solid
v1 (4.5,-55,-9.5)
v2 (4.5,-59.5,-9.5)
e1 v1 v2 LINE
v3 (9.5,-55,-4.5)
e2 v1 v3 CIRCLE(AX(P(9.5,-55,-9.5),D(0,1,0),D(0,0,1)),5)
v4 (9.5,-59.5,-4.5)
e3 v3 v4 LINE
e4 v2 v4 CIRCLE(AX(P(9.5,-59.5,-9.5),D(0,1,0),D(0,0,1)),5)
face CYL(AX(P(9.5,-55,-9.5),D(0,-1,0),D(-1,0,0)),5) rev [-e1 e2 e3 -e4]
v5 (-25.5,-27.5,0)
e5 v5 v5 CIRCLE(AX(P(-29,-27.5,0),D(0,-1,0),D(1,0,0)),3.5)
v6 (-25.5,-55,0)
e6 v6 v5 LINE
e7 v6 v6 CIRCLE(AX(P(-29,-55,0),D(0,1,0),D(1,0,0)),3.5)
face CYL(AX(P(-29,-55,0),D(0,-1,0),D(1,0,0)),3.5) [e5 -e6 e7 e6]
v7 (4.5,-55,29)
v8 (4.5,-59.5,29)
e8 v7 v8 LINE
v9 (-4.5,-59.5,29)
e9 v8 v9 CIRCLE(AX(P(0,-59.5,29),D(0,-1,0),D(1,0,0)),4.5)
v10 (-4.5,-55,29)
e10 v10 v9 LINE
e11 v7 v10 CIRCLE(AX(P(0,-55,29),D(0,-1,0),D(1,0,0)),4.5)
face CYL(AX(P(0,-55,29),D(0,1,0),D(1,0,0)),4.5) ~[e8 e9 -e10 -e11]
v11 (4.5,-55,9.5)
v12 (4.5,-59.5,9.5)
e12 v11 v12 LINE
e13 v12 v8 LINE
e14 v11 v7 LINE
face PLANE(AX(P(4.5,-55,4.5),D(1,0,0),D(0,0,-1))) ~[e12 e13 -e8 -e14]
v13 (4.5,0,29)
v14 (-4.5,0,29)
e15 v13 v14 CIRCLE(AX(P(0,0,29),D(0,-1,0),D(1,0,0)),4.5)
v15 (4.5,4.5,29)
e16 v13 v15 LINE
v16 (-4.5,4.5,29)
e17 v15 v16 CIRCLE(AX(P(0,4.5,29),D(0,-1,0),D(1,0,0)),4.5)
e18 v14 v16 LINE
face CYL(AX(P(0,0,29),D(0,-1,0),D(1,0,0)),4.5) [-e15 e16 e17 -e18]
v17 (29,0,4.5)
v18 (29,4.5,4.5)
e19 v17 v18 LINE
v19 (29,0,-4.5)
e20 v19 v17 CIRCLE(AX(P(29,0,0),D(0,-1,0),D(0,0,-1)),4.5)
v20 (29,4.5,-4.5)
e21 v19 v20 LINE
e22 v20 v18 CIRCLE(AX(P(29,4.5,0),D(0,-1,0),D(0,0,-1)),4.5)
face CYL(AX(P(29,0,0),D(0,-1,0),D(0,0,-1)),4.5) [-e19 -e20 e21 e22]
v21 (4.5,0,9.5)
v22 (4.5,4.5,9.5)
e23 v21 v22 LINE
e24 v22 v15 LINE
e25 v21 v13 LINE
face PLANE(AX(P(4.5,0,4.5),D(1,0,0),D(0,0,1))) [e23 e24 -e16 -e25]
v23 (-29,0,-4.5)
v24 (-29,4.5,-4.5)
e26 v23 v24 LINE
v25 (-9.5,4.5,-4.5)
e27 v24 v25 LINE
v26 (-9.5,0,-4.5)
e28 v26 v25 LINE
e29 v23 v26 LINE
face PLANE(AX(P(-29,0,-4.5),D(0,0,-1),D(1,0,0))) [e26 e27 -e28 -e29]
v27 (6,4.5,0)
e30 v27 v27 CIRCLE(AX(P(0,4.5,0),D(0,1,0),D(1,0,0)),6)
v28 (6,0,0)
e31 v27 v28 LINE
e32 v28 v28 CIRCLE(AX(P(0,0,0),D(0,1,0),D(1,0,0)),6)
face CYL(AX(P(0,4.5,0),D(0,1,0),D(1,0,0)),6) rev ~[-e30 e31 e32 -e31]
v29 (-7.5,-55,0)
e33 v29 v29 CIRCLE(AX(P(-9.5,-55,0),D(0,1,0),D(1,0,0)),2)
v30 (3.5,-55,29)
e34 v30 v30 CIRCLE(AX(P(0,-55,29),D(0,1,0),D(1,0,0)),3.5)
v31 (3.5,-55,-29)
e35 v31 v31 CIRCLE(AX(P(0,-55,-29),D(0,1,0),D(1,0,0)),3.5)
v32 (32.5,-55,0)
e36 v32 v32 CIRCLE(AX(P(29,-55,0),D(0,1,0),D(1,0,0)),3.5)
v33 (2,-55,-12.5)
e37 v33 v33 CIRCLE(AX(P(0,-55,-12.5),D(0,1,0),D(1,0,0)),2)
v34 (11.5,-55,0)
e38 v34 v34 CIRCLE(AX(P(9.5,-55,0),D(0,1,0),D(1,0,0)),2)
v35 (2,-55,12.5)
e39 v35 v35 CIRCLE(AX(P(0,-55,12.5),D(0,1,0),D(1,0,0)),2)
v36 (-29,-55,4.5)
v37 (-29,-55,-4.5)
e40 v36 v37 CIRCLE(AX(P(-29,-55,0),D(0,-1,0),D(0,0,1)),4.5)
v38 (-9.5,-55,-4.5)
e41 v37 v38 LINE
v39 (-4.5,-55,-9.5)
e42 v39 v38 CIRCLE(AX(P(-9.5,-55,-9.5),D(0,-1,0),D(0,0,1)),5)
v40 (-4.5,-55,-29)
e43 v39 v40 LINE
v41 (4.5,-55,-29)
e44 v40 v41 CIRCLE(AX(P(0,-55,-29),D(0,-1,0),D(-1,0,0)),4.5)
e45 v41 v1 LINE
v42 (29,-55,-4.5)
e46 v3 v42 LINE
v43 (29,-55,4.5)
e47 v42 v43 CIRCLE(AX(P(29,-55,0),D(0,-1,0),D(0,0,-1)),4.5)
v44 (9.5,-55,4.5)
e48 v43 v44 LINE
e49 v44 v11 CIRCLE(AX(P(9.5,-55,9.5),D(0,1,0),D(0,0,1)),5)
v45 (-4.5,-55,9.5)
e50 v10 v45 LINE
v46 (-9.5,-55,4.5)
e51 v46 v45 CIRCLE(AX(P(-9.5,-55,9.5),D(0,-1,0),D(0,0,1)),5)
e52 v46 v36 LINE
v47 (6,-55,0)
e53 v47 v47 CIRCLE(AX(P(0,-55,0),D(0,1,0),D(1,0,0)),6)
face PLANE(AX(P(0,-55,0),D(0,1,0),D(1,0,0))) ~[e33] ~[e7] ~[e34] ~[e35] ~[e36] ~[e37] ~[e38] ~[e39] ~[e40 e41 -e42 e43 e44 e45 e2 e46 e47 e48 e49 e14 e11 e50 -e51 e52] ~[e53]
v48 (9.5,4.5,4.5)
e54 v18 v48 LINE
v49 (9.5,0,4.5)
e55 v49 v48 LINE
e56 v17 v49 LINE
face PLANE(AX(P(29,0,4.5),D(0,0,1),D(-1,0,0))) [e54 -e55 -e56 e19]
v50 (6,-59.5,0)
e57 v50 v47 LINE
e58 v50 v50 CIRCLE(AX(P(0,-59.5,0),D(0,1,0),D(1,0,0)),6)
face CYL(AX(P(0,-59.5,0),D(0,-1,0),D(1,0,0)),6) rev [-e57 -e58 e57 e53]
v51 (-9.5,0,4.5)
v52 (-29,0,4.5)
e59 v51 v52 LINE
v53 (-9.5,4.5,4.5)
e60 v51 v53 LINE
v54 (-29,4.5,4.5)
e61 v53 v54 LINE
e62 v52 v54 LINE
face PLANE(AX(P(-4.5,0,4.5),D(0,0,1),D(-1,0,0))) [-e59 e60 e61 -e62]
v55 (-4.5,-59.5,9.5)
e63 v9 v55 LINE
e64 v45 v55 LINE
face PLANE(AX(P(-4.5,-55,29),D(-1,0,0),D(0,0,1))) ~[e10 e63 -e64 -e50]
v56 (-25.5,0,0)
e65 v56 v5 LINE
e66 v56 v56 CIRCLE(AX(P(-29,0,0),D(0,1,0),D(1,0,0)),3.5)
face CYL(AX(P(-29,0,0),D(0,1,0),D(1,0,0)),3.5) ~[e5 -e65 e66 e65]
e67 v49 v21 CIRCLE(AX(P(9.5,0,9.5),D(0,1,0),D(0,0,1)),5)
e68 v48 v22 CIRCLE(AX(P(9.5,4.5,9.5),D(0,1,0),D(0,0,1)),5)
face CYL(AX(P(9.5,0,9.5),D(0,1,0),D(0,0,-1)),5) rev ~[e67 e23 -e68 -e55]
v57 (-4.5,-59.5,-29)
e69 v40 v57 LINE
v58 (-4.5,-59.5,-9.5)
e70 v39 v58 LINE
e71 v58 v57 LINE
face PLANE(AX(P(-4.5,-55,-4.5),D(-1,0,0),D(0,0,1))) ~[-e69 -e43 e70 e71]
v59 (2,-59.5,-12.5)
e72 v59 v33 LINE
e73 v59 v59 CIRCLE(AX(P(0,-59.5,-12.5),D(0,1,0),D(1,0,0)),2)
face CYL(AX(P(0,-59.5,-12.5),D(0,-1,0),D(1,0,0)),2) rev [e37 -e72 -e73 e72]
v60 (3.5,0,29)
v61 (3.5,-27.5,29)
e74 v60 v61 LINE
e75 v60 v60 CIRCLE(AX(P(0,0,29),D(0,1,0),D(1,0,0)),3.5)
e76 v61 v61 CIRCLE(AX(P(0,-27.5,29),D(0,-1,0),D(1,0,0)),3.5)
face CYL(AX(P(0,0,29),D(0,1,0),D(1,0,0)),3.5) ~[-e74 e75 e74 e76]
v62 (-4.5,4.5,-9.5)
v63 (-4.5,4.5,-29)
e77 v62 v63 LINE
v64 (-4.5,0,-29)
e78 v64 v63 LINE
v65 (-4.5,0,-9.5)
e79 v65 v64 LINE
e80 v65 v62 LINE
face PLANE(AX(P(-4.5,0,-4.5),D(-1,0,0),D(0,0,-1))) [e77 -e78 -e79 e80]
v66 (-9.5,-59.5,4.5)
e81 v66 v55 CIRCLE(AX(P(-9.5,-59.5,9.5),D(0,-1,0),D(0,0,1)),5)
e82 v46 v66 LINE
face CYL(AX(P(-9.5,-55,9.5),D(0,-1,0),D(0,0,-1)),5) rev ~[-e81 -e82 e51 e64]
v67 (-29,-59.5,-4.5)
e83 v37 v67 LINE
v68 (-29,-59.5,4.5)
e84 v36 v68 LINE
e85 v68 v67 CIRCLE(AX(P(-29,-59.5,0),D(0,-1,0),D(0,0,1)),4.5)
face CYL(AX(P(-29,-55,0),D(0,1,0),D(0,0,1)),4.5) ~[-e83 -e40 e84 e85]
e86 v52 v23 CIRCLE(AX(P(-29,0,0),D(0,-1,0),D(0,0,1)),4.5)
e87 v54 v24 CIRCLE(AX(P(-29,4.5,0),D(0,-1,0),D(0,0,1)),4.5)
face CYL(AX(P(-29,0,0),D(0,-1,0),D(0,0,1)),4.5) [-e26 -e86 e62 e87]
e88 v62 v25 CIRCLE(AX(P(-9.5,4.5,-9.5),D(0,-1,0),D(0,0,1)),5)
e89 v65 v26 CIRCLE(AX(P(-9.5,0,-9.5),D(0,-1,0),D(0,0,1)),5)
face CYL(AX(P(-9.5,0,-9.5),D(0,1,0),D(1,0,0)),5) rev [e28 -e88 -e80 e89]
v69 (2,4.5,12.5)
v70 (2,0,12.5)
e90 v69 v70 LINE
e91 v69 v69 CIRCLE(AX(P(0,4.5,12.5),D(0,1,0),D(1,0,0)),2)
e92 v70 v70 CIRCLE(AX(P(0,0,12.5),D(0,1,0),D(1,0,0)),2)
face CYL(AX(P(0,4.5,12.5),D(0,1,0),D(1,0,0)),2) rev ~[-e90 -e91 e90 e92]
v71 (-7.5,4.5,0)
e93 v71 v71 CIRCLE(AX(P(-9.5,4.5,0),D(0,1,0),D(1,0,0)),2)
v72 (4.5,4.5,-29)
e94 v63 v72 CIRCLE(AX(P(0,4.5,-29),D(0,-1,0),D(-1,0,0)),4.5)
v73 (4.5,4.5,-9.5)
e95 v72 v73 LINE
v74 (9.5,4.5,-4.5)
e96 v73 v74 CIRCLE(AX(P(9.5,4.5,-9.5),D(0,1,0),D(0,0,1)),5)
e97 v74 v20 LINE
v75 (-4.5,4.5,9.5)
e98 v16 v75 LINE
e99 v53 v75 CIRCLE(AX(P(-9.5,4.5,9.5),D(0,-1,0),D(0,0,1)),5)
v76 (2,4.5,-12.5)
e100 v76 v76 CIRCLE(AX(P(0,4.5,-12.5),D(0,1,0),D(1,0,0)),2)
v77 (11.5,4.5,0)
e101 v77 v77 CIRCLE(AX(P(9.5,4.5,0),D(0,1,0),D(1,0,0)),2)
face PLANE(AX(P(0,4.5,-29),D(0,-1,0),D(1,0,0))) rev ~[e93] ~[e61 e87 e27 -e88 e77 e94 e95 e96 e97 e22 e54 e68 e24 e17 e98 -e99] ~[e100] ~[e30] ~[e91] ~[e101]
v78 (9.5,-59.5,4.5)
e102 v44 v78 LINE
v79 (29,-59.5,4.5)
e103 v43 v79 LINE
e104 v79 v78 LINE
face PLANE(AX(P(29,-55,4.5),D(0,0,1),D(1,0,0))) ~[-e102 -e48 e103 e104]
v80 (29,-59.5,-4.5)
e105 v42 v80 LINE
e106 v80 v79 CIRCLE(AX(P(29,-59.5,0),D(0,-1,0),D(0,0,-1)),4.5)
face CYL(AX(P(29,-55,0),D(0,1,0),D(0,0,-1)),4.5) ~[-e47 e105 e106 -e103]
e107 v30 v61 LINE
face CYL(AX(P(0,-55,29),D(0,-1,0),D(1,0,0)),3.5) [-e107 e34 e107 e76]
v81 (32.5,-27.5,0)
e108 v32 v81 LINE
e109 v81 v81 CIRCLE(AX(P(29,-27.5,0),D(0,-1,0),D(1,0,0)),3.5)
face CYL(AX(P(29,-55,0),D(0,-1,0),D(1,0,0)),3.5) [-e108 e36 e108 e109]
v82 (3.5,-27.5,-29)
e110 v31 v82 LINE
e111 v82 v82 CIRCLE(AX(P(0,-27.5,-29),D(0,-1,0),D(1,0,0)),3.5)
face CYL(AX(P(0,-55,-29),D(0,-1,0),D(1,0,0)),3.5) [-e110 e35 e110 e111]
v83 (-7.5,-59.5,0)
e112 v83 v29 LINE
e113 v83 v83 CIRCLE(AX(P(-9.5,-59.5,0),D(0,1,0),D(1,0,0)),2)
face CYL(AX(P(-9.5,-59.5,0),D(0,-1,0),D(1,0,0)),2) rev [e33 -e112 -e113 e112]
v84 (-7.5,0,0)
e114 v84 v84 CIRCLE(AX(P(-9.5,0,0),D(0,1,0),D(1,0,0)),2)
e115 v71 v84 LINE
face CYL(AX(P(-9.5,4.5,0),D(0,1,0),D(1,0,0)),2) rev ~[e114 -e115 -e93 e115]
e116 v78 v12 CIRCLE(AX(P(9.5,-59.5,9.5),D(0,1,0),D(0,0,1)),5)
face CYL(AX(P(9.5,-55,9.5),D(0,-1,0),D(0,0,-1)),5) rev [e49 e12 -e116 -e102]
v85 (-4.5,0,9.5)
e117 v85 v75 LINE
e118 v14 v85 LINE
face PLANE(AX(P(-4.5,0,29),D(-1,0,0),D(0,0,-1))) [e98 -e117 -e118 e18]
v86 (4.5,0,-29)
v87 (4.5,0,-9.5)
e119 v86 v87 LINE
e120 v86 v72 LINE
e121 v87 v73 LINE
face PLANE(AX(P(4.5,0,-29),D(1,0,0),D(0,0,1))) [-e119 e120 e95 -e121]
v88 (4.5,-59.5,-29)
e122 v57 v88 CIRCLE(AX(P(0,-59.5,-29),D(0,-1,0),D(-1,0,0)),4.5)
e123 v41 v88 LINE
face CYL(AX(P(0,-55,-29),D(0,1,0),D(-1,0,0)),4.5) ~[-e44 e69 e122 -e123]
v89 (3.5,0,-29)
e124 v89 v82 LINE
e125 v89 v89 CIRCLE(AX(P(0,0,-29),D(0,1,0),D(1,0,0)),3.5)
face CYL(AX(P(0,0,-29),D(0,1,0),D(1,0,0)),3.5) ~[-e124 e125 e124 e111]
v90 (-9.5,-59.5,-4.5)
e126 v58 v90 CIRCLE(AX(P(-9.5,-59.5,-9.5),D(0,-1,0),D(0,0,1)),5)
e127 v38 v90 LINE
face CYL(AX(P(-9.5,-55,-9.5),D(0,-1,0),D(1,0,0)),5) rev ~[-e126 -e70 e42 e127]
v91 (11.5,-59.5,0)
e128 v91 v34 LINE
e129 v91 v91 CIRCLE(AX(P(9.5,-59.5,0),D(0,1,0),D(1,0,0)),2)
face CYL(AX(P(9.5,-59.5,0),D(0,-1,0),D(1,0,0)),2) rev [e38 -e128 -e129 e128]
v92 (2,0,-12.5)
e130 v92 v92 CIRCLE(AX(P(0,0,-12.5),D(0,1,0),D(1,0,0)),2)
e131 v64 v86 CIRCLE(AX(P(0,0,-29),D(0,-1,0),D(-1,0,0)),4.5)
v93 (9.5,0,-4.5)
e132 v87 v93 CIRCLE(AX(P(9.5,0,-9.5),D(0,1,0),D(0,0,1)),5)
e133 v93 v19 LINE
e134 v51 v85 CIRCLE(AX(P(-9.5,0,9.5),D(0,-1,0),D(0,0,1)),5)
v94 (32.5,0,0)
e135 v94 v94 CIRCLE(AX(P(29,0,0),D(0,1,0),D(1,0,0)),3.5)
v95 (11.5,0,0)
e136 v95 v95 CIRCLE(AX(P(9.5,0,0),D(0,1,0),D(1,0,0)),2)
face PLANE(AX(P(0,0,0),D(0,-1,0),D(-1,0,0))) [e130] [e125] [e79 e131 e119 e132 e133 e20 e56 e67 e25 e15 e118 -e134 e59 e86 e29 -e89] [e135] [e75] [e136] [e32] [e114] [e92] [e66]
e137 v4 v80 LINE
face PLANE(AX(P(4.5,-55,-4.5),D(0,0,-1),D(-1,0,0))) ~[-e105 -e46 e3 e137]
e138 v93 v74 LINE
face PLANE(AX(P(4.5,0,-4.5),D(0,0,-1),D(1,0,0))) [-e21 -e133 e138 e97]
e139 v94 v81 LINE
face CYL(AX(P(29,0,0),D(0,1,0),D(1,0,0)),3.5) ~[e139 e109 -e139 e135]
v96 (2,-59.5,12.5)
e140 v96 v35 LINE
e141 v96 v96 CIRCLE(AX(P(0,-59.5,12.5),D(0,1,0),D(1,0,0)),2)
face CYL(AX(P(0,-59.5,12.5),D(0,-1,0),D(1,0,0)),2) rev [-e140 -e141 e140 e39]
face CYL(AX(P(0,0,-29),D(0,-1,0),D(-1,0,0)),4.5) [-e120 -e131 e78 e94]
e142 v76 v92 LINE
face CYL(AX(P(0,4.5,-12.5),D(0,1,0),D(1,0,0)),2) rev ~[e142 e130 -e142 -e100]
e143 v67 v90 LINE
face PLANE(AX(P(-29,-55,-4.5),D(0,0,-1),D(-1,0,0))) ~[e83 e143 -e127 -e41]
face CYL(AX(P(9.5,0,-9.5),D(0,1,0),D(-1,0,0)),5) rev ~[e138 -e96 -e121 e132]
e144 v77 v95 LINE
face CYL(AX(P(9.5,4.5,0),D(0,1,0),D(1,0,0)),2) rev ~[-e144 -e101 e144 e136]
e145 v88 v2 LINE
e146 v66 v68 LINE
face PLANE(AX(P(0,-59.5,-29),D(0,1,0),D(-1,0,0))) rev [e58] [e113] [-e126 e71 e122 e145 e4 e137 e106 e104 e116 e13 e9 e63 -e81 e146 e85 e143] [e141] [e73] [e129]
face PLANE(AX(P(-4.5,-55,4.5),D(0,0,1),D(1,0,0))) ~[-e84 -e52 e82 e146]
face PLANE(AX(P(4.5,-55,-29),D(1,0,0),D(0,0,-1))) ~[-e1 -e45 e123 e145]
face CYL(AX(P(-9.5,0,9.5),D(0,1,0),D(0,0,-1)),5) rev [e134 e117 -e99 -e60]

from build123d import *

# Parameters (mm, degrees)
BOSS_EXTRUDE1_DEPTH      = 4.5
SKETCH2_R                = 6
SKETCH2_R_2              = 2
SKETCH2_R_3              = 3.5
CUT_EXTRUDE1_DEPTH       = 5.5
FILLET1_R                = 5
SKETCH4_R                = 3.5
BOSS_EXTRUDE2_DEPTH      = 27.5
BOSS_EXTRUDE2_DEPTH_BACK = 4.5


with BuildPart() as part:
    # Sketch1 → Boss-Extrude1 (new body)
    with BuildSketch(Plane(origin=(0, 0, 0), x_dir=(1, 0, 0), z_dir=(0, 1, 0))):
        with BuildLine():
            Line((4.5, 29), (4.5, -29))
            ThreePointArc((4.5, -29), (0, -33.5), (-4.5, -29))
            Line((-4.5, -29), (-4.5, 29))
            ThreePointArc((-4.5, 29), (0, 33.5), (4.5, 29))
        make_face()
        with BuildLine():
            Line((29, -4.5), (-29, -4.5))
            ThreePointArc((-29, -4.5), (-33.5, 0), (-29, 4.5))
            Line((-29, 4.5), (29, 4.5))
            ThreePointArc((29, 4.5), (33.5, 0), (29, -4.5))
        make_face()
    extrude(amount=BOSS_EXTRUDE1_DEPTH)

    # Sketch2 → Cut-Extrude1 (cut, through all)
    with BuildSketch(Plane(origin=(0, 4.5, 0), x_dir=(1, 0, 0), z_dir=(0, 1, 0))):
        Circle(SKETCH2_R)
        with Locations((9.5, 0)):
            Circle(SKETCH2_R_2)
        with Locations((29, 0)):
            Circle(SKETCH2_R_3)
        with Locations((0, 12.5)):
            Circle(SKETCH2_R_2)
        with Locations((0, -29)):
            Circle(SKETCH2_R_3)
        with Locations((-29, 0)):
            Circle(SKETCH2_R_3)
        with Locations((0, 29)):
            Circle(SKETCH2_R_3)
        with Locations((-9.5, 0)):
            Circle(SKETCH2_R_2)
        with Locations((0, -12.5)):
            Circle(SKETCH2_R_2)
    extrude(amount=-CUT_EXTRUDE1_DEPTH, mode=Mode.SUBTRACT)

    # Fillet1
    fillet1_edges = [part.edges().sort_by_distance(p)[0] for p in [
        (4.5, 2.25, -4.5),
        (4.5, 2.25, 4.5),
        (-4.5, 2.25, -4.5),
        (-4.5, 2.25, 4.5),
    ]]
    fillet(fillet1_edges, radius=FILLET1_R)

    # Sketch4 → Boss-Extrude2 (add, two sides)
    with BuildSketch(Plane.XZ) as boss_extrude2_sk:
        with Locations((0, -29)):
            Circle(SKETCH4_R)
        with Locations((-29, 0)):
            Circle(SKETCH4_R)
        with Locations((0, 29)):
            Circle(SKETCH4_R)
        with Locations((29, 0)):
            Circle(SKETCH4_R)
    extrude(amount=BOSS_EXTRUDE2_DEPTH)
    extrude(boss_extrude2_sk.sketch, amount=-BOSS_EXTRUDE2_DEPTH_BACK)

    # Mirror2: part across plane


with BuildPart() as part_1:
    add(part.part)
    add(part.part.mirror(Plane(origin=(0, -27.5, 29), x_dir=(0, 0, 1), z_dir=(0, -1, 0))))


solid = part_1.part
